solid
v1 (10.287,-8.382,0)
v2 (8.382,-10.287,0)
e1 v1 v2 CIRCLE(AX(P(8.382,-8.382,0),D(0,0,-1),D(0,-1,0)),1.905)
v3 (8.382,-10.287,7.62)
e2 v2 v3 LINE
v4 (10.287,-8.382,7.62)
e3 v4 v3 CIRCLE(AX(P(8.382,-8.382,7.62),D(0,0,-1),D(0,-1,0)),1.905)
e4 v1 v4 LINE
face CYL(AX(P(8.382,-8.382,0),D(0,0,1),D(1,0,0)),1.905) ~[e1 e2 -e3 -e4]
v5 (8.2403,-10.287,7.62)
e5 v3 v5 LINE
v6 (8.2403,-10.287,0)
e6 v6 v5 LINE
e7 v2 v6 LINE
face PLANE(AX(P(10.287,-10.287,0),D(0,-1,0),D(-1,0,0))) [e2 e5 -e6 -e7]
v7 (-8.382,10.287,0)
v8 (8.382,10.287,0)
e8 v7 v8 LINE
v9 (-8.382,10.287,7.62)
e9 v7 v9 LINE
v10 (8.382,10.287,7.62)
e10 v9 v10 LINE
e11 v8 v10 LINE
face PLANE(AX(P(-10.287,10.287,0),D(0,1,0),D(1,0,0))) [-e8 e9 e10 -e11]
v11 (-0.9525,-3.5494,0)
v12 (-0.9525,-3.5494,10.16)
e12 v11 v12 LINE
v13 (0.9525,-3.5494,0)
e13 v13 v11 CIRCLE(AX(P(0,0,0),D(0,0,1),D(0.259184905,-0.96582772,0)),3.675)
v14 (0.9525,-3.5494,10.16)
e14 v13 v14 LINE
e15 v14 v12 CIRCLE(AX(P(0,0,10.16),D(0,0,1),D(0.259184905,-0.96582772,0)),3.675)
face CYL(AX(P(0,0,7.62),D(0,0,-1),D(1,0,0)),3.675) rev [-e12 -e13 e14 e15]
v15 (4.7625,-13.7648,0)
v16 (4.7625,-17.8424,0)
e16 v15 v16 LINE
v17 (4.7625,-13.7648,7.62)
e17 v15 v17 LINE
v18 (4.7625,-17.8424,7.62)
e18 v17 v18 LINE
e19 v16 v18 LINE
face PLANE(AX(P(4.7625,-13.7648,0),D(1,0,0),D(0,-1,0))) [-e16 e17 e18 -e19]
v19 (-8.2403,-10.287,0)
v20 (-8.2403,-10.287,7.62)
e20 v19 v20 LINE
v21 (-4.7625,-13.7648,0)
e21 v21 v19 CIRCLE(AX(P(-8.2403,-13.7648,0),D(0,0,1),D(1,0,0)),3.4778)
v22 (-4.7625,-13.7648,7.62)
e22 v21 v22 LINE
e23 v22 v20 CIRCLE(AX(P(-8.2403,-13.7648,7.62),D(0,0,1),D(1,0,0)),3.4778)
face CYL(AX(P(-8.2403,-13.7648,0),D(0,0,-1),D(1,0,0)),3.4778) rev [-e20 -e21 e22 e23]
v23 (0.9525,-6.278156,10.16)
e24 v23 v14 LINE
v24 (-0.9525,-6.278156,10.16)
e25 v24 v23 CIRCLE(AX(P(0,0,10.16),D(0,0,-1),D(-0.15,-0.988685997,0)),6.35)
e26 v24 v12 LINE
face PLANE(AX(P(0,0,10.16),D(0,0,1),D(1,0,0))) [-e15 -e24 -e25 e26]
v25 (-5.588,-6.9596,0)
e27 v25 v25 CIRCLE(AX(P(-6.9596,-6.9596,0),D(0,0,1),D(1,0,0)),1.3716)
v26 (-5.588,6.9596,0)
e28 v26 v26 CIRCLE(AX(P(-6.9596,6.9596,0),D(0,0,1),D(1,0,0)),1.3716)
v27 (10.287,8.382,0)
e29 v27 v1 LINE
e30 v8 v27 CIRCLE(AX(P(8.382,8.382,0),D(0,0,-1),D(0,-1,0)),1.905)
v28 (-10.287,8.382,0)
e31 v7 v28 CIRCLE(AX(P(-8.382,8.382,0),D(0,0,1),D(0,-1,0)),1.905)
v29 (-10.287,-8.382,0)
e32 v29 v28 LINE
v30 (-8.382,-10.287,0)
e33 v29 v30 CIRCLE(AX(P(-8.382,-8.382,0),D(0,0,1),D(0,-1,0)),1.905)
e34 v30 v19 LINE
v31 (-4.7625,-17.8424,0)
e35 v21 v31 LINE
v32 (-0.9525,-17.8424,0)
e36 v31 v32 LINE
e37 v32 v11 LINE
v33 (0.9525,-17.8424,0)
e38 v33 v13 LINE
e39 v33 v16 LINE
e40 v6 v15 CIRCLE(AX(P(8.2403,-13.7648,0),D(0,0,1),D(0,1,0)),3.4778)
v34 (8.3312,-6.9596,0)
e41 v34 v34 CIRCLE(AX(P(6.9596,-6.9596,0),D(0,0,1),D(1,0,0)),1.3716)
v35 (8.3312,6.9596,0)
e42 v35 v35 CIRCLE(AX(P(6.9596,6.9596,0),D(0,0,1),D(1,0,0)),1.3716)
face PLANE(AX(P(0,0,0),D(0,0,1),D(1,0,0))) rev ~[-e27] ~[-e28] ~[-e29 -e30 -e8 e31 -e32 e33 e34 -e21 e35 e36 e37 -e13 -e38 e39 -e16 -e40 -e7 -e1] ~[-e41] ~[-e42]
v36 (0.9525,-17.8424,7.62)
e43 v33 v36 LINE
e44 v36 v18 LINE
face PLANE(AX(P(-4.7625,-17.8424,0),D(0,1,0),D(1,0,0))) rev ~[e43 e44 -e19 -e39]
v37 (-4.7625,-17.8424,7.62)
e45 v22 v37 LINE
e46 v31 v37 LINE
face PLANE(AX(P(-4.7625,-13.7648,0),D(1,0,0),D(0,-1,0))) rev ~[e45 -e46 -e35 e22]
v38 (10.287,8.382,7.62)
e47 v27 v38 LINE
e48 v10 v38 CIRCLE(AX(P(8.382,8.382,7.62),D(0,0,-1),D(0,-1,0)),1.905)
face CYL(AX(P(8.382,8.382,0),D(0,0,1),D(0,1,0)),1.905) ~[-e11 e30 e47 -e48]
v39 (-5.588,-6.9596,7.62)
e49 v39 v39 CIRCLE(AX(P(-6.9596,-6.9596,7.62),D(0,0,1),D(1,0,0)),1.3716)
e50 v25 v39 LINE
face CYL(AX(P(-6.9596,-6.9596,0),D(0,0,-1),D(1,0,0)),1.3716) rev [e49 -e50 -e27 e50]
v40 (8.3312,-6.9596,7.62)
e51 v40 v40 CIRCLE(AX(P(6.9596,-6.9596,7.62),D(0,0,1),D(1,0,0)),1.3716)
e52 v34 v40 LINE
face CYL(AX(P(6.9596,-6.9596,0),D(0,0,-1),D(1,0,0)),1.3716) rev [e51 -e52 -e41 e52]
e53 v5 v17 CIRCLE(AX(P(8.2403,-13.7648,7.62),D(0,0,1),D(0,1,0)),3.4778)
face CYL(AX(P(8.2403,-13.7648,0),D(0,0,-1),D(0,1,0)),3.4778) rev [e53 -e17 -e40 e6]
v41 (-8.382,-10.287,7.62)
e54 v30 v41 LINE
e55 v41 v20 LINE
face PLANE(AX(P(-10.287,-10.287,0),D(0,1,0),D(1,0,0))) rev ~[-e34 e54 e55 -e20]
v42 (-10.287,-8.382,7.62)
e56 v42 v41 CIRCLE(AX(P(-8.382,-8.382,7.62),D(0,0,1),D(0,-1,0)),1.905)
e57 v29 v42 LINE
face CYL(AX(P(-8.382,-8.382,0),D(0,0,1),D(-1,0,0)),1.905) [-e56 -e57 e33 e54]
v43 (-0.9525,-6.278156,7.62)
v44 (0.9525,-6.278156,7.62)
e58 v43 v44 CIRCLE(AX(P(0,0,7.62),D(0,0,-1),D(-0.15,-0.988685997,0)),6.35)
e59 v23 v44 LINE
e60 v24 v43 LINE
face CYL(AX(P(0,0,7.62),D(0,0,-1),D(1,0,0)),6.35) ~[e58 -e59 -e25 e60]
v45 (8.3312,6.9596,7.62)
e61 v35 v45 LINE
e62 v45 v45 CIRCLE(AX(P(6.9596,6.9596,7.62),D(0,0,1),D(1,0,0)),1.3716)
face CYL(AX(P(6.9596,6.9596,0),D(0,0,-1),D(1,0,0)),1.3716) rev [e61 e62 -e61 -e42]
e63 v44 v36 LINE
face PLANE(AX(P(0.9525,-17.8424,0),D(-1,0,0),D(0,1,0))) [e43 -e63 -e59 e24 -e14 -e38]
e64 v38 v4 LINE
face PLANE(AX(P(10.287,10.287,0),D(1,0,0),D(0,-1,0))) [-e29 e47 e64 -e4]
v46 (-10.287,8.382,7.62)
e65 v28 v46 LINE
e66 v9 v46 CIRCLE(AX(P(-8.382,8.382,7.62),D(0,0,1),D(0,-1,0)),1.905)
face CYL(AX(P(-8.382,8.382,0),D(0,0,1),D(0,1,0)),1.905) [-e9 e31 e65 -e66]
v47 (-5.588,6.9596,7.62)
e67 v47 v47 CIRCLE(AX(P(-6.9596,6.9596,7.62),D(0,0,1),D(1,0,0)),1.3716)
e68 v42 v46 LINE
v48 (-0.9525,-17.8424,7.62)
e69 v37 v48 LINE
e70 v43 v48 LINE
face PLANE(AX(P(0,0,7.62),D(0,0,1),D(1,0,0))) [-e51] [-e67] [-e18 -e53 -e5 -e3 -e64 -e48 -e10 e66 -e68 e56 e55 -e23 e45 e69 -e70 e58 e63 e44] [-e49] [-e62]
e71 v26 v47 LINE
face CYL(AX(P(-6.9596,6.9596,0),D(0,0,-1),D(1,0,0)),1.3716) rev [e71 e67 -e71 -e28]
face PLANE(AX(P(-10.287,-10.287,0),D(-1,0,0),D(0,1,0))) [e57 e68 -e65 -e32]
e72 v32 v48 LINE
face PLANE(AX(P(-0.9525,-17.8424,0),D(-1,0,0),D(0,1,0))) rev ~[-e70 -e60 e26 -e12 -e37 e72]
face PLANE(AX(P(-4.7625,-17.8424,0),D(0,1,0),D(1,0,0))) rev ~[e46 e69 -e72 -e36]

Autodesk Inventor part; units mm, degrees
ref_plane "YZ Plane" through (0, 0, 0) normal (1, 0, 0) x (0, 1, 0)
ref_plane "XZ Plane" through (0, 0, 0) normal (0, 1, 0) x (-1, 0, 0)
ref_plane "XY Plane" through (0, 0, 0) normal (0, 0, 1) x (1, 0, 0)
sketch "Sketch1" plane through (0, 0, 0) normal (0, 0, 1) x (1, 0, 0)
  circle A0 centre (0, 0) radius 3.675
  circle A1 centre (0, 0) radius 6.35
  line L0 (-10.287, 10.287) -> (10.287, 10.287)
  line L1 (10.287, 10.287) -> (10.287, -10.287)
  line L2 (-10.287, -10.287) -> (-10.287, 10.287)
  line L3 (10.287, 10.287) -> (0, 10.287) construction
  circle A2 centre (-6.9596, 6.9596) radius 1.3716
  line L4 (-6.9596, 6.9596) -> (-10.287, 10.287) construction
  circle A3 centre (6.9596, 6.9596) radius 1.3716
  line L5 (6.9596, 6.9596) -> (10.287, 10.287) construction
  line L6 (-6.9596, 6.9596) -> (6.9596, 6.9596) construction
  circle A4 centre (-6.9596, -6.9596) radius 1.3716
  circle A5 centre (6.9596, -6.9596) radius 1.3716
  line L7 (-6.9596, 6.9596) -> (-6.9596, -6.9596) construction
  line L8 (-10.287, -10.287) -> (-8.2403, -10.287)
  line L9 (10.287, -10.287) -> (8.2403, -10.287)
  line L10 (21.5842, 10.287) -> (21.5842, 0) construction
  line L11 (21.5842, 0) -> (21.5842, -10.287) construction
  arc A6 (-4.7625, -13.7648) -> (-8.2403, -10.287) centre (-8.2403, -13.7648) ccw
  arc A7 (8.2403, -10.287) -> (4.7625, -13.7648) centre (8.2403, -13.7648) ccw
  line L12 (-4.7625, -13.7648) -> (-4.7625, -17.8424)
  line L13 (4.7625, -13.7648) -> (4.7625, -17.8424)
  line L14 (-4.7625, -17.8424) -> (4.7625, -17.8424)
  line L15 (0, -17.1877) -> (-4.7625, -17.1877) construction
  line L16 (0, -17.1877) -> (4.7625, -17.1877) construction
  point P0 (0, 10.287)
  dimension "d7" = 7.35
  dimension "d8" = 12.7
  dimension "d11" = 10.287
  dimension "d14" = 20.574
  dimension "d15" = 2.7432
  dimension "d16" = 45
  dimension "d18" = 2.7432
  dimension "d19" = 45
  dimension "d20" = 13.9192
  dimension "d21" = 2.7432
  dimension "d22" = 2.7432
  dimension "d23" = 13.9192
  dimension "d25" = 20.574
  dimension "d27" = 20.574
  dimension "d28" = 10.287
  dimension "d34" = 9.525
  dimension "d44" = 4.7625
extrude "Extrusion1" add sketch "Sketch1" along normal blind 7.62 contours A1 | L0 L1 L9 A7 L13 L14 L12 A6 L8 L2
sketch "Sketch2" plane through (0, 0, 7.62) normal (0, 0, 1) x (1, 0, 0)
  circle A0 centre (0, 0) radius 3.675 projected
  circle A1 centre (0, 0) radius 6.35
  dimension "d37" = 12.7
extrude "Extrusion2" add sketch "Sketch2" along normal blind 2.54
fillet "Fillet1" radius 1.905 1 edges at (10.287, 10.287, 3.81)
fillet "Fillet2" radius 1.905 1 edges at (-10.287, 10.287, 3.81)
fillet "Fillet3" radius 1.905 1 edges at (-10.287, -10.287, 3.81)
fillet "Fillet4" radius 1.905 1 edges at (10.287, -10.287, 3.81)
sketch "Sketch3" plane through (0, 0, 0) normal (0, 0, -1) x (-1, 0, 0)
  line L0 (-4.7625, -13.7648) -> (-4.7625, -17.8424) projected
  line L1 (-4.7625, -17.8424) -> (4.7625, -17.8424) projected
  line L2 (4.7625, -17.8424) -> (4.7625, -13.7648) projected
  line L3 (-10.287, 8.382) -> (-10.287, -8.382) projected
  circle A0 centre (0, 0) radius 3.675 projected
  line L4 (-4.7625, -17.8424) -> (-0.9525, -17.8424) construction
  line L5 (4.7625, -16.7338) -> (0.9525, -16.7338) construction
  line L6 (-0.9525, -17.8424) -> (-0.9525, -3.5494)
  line L7 (0.9525, -17.8424) -> (0.9525, -3.5494)
  line L8 (-0.9525, -17.8424) -> (0.9525, -17.8424)
  arc A1 (-0.9525, -3.5494) -> (0.9525, -3.5494) centre (0, 0) ccw
  dimension "d45" = 3.81
  dimension "d46" = 3.81
extrude "Extrusion3" cut sketch "Sketch3" against normal blind 10.16 contours L6 A0 L7 L1
equation "\"d11\" = 0.5 * d9"
equation "\"d14\" = d9"
equation "\"d18\" = d15"
equation "\"d19\" = d16"
equation "\"d21\" = d15"
equation "\"d22\" = d15"
equation "\"d23\" = d20"
equation "\"d25\" = d14"
equation "\"d27\" = d25"
equation "\"d28\" = 0.5 * d14"
equation "\"d44\" = 0.5 * d34"
equation "\"d46\" = d45"
equation "\"d9\" = 20.574"
properties part number "widget"
